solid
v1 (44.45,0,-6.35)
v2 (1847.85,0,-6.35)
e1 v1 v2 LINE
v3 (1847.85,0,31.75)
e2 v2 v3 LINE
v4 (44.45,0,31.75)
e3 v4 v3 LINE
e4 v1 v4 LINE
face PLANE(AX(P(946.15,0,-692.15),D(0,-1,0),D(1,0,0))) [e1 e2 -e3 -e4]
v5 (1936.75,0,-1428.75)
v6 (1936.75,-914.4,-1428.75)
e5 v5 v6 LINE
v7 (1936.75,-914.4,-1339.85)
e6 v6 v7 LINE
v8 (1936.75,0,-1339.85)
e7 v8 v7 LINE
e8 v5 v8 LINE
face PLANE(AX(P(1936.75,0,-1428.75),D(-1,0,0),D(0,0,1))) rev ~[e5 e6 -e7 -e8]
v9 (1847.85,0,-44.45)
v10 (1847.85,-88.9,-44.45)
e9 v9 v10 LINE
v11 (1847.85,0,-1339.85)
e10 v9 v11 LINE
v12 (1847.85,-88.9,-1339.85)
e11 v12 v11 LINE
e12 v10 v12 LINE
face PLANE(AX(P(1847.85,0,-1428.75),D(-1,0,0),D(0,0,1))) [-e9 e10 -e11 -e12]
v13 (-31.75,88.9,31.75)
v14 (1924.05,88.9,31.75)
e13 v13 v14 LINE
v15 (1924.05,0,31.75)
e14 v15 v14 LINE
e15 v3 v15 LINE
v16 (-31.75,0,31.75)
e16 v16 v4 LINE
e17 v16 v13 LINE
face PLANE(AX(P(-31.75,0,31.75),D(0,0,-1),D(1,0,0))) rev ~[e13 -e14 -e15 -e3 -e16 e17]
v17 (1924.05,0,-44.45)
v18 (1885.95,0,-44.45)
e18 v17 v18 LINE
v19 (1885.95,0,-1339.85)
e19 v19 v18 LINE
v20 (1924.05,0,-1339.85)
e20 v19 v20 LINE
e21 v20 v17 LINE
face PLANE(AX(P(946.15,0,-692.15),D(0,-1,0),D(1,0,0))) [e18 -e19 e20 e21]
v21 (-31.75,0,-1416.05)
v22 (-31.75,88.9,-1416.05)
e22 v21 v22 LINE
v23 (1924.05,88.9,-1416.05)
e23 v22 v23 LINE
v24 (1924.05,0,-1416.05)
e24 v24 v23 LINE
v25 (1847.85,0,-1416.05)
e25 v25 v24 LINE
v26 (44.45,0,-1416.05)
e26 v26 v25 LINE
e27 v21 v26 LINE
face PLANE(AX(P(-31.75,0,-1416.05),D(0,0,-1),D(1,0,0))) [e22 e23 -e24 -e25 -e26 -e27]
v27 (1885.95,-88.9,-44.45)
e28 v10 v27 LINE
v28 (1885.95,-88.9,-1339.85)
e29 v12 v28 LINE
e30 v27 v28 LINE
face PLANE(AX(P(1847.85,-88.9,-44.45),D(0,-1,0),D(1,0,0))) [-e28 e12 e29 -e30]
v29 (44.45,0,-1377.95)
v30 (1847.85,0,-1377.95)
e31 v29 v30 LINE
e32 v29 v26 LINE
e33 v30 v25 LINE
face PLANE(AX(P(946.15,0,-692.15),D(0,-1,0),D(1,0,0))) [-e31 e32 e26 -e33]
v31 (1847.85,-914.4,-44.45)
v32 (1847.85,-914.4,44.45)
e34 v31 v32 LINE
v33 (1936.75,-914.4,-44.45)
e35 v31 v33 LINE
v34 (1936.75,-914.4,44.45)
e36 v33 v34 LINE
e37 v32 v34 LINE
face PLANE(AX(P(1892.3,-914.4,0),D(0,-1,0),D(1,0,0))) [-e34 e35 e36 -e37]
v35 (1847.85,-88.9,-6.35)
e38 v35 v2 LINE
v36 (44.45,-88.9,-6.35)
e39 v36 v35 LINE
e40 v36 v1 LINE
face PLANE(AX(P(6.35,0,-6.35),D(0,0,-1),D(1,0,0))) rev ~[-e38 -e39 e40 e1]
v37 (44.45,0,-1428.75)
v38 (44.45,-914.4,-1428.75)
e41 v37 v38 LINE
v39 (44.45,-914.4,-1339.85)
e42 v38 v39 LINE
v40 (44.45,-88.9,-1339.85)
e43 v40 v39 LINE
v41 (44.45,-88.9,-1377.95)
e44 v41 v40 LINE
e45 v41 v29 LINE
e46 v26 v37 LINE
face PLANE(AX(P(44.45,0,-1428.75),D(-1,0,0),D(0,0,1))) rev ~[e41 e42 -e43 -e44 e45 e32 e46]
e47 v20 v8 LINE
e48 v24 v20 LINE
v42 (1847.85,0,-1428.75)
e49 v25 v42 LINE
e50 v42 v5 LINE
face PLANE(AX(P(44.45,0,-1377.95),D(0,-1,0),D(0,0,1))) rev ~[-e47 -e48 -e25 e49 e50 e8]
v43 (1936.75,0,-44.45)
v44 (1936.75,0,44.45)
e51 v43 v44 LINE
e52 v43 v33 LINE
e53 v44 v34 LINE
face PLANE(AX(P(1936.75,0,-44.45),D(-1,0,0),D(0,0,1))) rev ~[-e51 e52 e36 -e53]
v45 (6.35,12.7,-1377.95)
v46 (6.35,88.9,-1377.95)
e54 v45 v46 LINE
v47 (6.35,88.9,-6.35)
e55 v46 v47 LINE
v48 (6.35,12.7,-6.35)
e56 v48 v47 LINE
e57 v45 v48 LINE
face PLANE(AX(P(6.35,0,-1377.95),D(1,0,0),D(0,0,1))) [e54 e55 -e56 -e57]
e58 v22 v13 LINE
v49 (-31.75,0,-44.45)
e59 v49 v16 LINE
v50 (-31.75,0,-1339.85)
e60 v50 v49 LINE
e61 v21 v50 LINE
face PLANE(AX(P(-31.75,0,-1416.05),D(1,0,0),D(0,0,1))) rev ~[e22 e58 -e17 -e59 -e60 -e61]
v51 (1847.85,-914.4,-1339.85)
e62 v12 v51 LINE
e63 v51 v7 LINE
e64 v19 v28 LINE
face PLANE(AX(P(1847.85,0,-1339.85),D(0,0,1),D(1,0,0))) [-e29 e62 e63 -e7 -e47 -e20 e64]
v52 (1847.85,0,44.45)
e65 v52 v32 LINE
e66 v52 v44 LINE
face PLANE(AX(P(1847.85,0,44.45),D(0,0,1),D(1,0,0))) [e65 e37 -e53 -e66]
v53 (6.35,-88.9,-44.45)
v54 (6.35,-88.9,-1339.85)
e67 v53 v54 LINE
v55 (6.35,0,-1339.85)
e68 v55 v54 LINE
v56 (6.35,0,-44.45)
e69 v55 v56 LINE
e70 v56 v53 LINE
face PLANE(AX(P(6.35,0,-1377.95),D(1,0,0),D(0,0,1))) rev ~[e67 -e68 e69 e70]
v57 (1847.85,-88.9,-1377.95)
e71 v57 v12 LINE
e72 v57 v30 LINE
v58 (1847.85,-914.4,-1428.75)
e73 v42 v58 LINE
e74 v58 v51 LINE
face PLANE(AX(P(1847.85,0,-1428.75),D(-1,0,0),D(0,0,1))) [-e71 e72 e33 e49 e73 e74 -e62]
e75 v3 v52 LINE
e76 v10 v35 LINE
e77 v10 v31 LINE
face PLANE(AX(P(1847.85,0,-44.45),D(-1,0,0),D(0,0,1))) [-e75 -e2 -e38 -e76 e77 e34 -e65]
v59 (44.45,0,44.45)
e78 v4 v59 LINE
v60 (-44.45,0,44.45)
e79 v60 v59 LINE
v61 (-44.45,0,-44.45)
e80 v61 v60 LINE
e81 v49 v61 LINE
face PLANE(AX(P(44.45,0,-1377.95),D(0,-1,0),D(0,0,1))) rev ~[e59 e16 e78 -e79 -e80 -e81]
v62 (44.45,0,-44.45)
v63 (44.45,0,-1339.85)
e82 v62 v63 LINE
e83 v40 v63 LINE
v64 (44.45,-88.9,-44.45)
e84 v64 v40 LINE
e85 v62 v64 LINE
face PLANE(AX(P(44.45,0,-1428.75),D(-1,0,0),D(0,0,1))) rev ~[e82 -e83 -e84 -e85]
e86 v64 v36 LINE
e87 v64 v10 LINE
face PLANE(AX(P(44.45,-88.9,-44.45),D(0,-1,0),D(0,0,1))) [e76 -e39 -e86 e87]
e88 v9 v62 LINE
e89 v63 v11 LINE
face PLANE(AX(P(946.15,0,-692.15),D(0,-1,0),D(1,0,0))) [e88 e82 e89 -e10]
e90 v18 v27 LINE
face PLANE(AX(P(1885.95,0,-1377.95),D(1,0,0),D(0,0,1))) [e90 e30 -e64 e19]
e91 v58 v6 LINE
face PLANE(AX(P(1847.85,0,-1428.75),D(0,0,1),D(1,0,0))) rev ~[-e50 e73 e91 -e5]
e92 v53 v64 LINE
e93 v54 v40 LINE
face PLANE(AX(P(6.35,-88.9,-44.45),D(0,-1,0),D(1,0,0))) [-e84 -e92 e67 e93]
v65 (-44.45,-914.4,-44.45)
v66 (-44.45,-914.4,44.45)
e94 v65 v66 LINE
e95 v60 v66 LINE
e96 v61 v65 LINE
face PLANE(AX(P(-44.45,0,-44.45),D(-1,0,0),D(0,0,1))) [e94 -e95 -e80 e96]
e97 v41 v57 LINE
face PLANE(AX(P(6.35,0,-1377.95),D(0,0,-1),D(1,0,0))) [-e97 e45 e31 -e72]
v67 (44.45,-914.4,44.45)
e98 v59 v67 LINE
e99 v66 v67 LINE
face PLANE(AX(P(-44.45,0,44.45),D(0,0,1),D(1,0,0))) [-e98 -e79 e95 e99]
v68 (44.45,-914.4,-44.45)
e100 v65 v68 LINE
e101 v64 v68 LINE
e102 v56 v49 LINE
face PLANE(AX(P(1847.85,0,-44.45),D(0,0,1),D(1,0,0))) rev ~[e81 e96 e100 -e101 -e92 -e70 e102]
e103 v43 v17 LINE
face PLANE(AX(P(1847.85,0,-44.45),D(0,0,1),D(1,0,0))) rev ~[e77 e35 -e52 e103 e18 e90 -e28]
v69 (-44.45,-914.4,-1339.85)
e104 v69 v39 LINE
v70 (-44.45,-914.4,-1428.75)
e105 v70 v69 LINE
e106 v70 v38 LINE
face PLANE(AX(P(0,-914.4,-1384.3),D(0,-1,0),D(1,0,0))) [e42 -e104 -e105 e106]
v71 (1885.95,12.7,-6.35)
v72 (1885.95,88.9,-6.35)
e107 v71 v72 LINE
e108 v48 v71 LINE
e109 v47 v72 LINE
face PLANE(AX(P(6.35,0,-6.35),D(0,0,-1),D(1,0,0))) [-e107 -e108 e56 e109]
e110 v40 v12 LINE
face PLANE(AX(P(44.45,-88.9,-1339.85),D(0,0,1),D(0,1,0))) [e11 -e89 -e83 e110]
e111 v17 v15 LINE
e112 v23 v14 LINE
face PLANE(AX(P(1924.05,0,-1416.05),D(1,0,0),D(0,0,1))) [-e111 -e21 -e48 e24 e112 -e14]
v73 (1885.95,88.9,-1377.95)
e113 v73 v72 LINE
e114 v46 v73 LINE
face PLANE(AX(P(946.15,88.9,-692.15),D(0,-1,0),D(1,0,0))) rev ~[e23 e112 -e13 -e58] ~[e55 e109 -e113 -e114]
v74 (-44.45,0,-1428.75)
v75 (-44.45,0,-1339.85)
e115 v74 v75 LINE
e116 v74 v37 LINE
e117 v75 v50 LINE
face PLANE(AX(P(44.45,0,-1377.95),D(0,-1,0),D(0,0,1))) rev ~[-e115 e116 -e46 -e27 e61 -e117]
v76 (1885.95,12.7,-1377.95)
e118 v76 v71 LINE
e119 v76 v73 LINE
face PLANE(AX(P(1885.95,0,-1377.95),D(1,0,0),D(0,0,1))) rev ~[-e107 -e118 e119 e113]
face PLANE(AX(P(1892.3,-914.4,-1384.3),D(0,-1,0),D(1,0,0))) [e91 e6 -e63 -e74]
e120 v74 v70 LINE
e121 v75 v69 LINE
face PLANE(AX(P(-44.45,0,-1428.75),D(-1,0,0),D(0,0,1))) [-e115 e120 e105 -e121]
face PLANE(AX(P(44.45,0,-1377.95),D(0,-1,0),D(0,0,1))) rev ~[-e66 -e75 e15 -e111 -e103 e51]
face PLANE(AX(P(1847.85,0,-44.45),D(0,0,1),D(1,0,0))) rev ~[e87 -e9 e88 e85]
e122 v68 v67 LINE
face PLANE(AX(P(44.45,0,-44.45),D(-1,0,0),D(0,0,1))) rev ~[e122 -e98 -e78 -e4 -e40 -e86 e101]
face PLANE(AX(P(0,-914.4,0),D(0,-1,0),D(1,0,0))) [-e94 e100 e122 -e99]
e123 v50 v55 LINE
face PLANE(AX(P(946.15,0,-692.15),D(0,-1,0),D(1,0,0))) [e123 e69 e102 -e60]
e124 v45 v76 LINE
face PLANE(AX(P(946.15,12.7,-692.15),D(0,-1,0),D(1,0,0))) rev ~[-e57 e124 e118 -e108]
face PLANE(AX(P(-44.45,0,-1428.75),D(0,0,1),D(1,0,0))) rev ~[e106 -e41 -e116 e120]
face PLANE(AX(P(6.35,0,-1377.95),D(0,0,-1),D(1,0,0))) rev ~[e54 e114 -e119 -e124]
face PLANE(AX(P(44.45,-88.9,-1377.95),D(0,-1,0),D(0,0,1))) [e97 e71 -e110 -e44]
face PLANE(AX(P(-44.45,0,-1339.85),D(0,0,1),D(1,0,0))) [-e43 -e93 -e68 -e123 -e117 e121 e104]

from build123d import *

# Parameters (mm, degrees)
F0_W      = 88.9
F0_H      = 88.9
F1_DEPTH  = 914.4
F2_W      = 88.9
F2_H      = 38.1
F3_DEPTH  = 1803.4
F4_W      = 88.9
F4_H      = 88.9
F5_DEPTH  = 914.4
F6_W      = 38.1
F6_H      = 88.9
F7_DEPTH  = 1295.4
F8_W      = 88.9
F8_H      = 88.9
F9_DEPTH  = 914.4
F10_W     = 38.1
F10_H     = 88.9
F11_DEPTH = 1295.4
F12_W     = 88.9
F12_H     = 88.9
F13_DEPTH = 914.4
F14_W     = 88.9
F14_H     = 38.1
F15_DEPTH = 1803.4
F16_W     = 1879.6
F16_H     = 1371.6
F17_DEPTH = 12.7
F18_W     = 1955.8
F18_H     = 1447.8
F18_W_2   = 1879.6
F18_H_2   = 1371.6
F19_DEPTH = 88.9


with BuildPart() as f1:
    # F0 (on Front) → F1 (new body)
    with BuildSketch(Plane.XZ):
        Rectangle(F0_W, F0_H)
    extrude(amount=F1_DEPTH)

    # F2 (on face) → F3 (join)
    with BuildSketch(Plane.YZ.offset(44.45)):
        with Locations((-44.45, -25.4)):
            Rectangle(F2_W, F2_H)
    extrude(amount=F3_DEPTH)

    # F4 (on Front) → F5 (join)
    with BuildSketch(Plane.XZ):
        with Locations((1892.3, 0)):
            Rectangle(F4_W, F4_H)
    extrude(amount=F5_DEPTH)

    # F6 (on face) → F7 (join)
    with BuildSketch(Plane(origin=(0, 0, -44.45), x_dir=(1, 0, 0), z_dir=(0, 0, -1))):
        with Locations((1866.9, 44.45)):
            Rectangle(F6_W, F6_H)
    extrude(amount=F7_DEPTH)

    # F8 (on Front) → F9 (join)
    with BuildSketch(Plane.XZ):
        with Locations((1892.3, -1384.3)):
            Rectangle(F8_W, F8_H)
    extrude(amount=F9_DEPTH)

    # F10 (on face) → F11 (join)
    with BuildSketch(Plane(origin=(0, 0, -44.45), x_dir=(1, 0, 0), z_dir=(0, 0, -1))):
        with Locations((25.4, 44.45)):
            Rectangle(F10_W, F10_H)
    extrude(amount=F11_DEPTH)

    # F12 (on Front) → F13 (join)
    with BuildSketch(Plane.XZ):
        with Locations((0, -1384.3)):
            Rectangle(F12_W, F12_H)
    extrude(amount=F13_DEPTH)

    # F14 (on face) → F15 (join)
    with BuildSketch(Plane.YZ.offset(44.45)):
        with Locations((-44.45, -1358.9)):
            Rectangle(F14_W, F14_H)
    extrude(amount=F15_DEPTH)

    # F16 (on Front) → F17 (join)
    with BuildSketch(Plane.XZ):
        with Locations((946.15, -692.15)):
            Rectangle(F16_W, F16_H)
    extrude(amount=-F17_DEPTH)

    # F18 (on Front) → F19 (join)
    with BuildSketch(Plane.XZ):
        with Locations((946.15, -692.15)):
            Rectangle(F18_W, F18_H)
        with Locations((946.15, -692.15)):
            Rectangle(F18_W_2, F18_H_2, mode=Mode.SUBTRACT)
    extrude(amount=-F19_DEPTH)


solid = f1.part
